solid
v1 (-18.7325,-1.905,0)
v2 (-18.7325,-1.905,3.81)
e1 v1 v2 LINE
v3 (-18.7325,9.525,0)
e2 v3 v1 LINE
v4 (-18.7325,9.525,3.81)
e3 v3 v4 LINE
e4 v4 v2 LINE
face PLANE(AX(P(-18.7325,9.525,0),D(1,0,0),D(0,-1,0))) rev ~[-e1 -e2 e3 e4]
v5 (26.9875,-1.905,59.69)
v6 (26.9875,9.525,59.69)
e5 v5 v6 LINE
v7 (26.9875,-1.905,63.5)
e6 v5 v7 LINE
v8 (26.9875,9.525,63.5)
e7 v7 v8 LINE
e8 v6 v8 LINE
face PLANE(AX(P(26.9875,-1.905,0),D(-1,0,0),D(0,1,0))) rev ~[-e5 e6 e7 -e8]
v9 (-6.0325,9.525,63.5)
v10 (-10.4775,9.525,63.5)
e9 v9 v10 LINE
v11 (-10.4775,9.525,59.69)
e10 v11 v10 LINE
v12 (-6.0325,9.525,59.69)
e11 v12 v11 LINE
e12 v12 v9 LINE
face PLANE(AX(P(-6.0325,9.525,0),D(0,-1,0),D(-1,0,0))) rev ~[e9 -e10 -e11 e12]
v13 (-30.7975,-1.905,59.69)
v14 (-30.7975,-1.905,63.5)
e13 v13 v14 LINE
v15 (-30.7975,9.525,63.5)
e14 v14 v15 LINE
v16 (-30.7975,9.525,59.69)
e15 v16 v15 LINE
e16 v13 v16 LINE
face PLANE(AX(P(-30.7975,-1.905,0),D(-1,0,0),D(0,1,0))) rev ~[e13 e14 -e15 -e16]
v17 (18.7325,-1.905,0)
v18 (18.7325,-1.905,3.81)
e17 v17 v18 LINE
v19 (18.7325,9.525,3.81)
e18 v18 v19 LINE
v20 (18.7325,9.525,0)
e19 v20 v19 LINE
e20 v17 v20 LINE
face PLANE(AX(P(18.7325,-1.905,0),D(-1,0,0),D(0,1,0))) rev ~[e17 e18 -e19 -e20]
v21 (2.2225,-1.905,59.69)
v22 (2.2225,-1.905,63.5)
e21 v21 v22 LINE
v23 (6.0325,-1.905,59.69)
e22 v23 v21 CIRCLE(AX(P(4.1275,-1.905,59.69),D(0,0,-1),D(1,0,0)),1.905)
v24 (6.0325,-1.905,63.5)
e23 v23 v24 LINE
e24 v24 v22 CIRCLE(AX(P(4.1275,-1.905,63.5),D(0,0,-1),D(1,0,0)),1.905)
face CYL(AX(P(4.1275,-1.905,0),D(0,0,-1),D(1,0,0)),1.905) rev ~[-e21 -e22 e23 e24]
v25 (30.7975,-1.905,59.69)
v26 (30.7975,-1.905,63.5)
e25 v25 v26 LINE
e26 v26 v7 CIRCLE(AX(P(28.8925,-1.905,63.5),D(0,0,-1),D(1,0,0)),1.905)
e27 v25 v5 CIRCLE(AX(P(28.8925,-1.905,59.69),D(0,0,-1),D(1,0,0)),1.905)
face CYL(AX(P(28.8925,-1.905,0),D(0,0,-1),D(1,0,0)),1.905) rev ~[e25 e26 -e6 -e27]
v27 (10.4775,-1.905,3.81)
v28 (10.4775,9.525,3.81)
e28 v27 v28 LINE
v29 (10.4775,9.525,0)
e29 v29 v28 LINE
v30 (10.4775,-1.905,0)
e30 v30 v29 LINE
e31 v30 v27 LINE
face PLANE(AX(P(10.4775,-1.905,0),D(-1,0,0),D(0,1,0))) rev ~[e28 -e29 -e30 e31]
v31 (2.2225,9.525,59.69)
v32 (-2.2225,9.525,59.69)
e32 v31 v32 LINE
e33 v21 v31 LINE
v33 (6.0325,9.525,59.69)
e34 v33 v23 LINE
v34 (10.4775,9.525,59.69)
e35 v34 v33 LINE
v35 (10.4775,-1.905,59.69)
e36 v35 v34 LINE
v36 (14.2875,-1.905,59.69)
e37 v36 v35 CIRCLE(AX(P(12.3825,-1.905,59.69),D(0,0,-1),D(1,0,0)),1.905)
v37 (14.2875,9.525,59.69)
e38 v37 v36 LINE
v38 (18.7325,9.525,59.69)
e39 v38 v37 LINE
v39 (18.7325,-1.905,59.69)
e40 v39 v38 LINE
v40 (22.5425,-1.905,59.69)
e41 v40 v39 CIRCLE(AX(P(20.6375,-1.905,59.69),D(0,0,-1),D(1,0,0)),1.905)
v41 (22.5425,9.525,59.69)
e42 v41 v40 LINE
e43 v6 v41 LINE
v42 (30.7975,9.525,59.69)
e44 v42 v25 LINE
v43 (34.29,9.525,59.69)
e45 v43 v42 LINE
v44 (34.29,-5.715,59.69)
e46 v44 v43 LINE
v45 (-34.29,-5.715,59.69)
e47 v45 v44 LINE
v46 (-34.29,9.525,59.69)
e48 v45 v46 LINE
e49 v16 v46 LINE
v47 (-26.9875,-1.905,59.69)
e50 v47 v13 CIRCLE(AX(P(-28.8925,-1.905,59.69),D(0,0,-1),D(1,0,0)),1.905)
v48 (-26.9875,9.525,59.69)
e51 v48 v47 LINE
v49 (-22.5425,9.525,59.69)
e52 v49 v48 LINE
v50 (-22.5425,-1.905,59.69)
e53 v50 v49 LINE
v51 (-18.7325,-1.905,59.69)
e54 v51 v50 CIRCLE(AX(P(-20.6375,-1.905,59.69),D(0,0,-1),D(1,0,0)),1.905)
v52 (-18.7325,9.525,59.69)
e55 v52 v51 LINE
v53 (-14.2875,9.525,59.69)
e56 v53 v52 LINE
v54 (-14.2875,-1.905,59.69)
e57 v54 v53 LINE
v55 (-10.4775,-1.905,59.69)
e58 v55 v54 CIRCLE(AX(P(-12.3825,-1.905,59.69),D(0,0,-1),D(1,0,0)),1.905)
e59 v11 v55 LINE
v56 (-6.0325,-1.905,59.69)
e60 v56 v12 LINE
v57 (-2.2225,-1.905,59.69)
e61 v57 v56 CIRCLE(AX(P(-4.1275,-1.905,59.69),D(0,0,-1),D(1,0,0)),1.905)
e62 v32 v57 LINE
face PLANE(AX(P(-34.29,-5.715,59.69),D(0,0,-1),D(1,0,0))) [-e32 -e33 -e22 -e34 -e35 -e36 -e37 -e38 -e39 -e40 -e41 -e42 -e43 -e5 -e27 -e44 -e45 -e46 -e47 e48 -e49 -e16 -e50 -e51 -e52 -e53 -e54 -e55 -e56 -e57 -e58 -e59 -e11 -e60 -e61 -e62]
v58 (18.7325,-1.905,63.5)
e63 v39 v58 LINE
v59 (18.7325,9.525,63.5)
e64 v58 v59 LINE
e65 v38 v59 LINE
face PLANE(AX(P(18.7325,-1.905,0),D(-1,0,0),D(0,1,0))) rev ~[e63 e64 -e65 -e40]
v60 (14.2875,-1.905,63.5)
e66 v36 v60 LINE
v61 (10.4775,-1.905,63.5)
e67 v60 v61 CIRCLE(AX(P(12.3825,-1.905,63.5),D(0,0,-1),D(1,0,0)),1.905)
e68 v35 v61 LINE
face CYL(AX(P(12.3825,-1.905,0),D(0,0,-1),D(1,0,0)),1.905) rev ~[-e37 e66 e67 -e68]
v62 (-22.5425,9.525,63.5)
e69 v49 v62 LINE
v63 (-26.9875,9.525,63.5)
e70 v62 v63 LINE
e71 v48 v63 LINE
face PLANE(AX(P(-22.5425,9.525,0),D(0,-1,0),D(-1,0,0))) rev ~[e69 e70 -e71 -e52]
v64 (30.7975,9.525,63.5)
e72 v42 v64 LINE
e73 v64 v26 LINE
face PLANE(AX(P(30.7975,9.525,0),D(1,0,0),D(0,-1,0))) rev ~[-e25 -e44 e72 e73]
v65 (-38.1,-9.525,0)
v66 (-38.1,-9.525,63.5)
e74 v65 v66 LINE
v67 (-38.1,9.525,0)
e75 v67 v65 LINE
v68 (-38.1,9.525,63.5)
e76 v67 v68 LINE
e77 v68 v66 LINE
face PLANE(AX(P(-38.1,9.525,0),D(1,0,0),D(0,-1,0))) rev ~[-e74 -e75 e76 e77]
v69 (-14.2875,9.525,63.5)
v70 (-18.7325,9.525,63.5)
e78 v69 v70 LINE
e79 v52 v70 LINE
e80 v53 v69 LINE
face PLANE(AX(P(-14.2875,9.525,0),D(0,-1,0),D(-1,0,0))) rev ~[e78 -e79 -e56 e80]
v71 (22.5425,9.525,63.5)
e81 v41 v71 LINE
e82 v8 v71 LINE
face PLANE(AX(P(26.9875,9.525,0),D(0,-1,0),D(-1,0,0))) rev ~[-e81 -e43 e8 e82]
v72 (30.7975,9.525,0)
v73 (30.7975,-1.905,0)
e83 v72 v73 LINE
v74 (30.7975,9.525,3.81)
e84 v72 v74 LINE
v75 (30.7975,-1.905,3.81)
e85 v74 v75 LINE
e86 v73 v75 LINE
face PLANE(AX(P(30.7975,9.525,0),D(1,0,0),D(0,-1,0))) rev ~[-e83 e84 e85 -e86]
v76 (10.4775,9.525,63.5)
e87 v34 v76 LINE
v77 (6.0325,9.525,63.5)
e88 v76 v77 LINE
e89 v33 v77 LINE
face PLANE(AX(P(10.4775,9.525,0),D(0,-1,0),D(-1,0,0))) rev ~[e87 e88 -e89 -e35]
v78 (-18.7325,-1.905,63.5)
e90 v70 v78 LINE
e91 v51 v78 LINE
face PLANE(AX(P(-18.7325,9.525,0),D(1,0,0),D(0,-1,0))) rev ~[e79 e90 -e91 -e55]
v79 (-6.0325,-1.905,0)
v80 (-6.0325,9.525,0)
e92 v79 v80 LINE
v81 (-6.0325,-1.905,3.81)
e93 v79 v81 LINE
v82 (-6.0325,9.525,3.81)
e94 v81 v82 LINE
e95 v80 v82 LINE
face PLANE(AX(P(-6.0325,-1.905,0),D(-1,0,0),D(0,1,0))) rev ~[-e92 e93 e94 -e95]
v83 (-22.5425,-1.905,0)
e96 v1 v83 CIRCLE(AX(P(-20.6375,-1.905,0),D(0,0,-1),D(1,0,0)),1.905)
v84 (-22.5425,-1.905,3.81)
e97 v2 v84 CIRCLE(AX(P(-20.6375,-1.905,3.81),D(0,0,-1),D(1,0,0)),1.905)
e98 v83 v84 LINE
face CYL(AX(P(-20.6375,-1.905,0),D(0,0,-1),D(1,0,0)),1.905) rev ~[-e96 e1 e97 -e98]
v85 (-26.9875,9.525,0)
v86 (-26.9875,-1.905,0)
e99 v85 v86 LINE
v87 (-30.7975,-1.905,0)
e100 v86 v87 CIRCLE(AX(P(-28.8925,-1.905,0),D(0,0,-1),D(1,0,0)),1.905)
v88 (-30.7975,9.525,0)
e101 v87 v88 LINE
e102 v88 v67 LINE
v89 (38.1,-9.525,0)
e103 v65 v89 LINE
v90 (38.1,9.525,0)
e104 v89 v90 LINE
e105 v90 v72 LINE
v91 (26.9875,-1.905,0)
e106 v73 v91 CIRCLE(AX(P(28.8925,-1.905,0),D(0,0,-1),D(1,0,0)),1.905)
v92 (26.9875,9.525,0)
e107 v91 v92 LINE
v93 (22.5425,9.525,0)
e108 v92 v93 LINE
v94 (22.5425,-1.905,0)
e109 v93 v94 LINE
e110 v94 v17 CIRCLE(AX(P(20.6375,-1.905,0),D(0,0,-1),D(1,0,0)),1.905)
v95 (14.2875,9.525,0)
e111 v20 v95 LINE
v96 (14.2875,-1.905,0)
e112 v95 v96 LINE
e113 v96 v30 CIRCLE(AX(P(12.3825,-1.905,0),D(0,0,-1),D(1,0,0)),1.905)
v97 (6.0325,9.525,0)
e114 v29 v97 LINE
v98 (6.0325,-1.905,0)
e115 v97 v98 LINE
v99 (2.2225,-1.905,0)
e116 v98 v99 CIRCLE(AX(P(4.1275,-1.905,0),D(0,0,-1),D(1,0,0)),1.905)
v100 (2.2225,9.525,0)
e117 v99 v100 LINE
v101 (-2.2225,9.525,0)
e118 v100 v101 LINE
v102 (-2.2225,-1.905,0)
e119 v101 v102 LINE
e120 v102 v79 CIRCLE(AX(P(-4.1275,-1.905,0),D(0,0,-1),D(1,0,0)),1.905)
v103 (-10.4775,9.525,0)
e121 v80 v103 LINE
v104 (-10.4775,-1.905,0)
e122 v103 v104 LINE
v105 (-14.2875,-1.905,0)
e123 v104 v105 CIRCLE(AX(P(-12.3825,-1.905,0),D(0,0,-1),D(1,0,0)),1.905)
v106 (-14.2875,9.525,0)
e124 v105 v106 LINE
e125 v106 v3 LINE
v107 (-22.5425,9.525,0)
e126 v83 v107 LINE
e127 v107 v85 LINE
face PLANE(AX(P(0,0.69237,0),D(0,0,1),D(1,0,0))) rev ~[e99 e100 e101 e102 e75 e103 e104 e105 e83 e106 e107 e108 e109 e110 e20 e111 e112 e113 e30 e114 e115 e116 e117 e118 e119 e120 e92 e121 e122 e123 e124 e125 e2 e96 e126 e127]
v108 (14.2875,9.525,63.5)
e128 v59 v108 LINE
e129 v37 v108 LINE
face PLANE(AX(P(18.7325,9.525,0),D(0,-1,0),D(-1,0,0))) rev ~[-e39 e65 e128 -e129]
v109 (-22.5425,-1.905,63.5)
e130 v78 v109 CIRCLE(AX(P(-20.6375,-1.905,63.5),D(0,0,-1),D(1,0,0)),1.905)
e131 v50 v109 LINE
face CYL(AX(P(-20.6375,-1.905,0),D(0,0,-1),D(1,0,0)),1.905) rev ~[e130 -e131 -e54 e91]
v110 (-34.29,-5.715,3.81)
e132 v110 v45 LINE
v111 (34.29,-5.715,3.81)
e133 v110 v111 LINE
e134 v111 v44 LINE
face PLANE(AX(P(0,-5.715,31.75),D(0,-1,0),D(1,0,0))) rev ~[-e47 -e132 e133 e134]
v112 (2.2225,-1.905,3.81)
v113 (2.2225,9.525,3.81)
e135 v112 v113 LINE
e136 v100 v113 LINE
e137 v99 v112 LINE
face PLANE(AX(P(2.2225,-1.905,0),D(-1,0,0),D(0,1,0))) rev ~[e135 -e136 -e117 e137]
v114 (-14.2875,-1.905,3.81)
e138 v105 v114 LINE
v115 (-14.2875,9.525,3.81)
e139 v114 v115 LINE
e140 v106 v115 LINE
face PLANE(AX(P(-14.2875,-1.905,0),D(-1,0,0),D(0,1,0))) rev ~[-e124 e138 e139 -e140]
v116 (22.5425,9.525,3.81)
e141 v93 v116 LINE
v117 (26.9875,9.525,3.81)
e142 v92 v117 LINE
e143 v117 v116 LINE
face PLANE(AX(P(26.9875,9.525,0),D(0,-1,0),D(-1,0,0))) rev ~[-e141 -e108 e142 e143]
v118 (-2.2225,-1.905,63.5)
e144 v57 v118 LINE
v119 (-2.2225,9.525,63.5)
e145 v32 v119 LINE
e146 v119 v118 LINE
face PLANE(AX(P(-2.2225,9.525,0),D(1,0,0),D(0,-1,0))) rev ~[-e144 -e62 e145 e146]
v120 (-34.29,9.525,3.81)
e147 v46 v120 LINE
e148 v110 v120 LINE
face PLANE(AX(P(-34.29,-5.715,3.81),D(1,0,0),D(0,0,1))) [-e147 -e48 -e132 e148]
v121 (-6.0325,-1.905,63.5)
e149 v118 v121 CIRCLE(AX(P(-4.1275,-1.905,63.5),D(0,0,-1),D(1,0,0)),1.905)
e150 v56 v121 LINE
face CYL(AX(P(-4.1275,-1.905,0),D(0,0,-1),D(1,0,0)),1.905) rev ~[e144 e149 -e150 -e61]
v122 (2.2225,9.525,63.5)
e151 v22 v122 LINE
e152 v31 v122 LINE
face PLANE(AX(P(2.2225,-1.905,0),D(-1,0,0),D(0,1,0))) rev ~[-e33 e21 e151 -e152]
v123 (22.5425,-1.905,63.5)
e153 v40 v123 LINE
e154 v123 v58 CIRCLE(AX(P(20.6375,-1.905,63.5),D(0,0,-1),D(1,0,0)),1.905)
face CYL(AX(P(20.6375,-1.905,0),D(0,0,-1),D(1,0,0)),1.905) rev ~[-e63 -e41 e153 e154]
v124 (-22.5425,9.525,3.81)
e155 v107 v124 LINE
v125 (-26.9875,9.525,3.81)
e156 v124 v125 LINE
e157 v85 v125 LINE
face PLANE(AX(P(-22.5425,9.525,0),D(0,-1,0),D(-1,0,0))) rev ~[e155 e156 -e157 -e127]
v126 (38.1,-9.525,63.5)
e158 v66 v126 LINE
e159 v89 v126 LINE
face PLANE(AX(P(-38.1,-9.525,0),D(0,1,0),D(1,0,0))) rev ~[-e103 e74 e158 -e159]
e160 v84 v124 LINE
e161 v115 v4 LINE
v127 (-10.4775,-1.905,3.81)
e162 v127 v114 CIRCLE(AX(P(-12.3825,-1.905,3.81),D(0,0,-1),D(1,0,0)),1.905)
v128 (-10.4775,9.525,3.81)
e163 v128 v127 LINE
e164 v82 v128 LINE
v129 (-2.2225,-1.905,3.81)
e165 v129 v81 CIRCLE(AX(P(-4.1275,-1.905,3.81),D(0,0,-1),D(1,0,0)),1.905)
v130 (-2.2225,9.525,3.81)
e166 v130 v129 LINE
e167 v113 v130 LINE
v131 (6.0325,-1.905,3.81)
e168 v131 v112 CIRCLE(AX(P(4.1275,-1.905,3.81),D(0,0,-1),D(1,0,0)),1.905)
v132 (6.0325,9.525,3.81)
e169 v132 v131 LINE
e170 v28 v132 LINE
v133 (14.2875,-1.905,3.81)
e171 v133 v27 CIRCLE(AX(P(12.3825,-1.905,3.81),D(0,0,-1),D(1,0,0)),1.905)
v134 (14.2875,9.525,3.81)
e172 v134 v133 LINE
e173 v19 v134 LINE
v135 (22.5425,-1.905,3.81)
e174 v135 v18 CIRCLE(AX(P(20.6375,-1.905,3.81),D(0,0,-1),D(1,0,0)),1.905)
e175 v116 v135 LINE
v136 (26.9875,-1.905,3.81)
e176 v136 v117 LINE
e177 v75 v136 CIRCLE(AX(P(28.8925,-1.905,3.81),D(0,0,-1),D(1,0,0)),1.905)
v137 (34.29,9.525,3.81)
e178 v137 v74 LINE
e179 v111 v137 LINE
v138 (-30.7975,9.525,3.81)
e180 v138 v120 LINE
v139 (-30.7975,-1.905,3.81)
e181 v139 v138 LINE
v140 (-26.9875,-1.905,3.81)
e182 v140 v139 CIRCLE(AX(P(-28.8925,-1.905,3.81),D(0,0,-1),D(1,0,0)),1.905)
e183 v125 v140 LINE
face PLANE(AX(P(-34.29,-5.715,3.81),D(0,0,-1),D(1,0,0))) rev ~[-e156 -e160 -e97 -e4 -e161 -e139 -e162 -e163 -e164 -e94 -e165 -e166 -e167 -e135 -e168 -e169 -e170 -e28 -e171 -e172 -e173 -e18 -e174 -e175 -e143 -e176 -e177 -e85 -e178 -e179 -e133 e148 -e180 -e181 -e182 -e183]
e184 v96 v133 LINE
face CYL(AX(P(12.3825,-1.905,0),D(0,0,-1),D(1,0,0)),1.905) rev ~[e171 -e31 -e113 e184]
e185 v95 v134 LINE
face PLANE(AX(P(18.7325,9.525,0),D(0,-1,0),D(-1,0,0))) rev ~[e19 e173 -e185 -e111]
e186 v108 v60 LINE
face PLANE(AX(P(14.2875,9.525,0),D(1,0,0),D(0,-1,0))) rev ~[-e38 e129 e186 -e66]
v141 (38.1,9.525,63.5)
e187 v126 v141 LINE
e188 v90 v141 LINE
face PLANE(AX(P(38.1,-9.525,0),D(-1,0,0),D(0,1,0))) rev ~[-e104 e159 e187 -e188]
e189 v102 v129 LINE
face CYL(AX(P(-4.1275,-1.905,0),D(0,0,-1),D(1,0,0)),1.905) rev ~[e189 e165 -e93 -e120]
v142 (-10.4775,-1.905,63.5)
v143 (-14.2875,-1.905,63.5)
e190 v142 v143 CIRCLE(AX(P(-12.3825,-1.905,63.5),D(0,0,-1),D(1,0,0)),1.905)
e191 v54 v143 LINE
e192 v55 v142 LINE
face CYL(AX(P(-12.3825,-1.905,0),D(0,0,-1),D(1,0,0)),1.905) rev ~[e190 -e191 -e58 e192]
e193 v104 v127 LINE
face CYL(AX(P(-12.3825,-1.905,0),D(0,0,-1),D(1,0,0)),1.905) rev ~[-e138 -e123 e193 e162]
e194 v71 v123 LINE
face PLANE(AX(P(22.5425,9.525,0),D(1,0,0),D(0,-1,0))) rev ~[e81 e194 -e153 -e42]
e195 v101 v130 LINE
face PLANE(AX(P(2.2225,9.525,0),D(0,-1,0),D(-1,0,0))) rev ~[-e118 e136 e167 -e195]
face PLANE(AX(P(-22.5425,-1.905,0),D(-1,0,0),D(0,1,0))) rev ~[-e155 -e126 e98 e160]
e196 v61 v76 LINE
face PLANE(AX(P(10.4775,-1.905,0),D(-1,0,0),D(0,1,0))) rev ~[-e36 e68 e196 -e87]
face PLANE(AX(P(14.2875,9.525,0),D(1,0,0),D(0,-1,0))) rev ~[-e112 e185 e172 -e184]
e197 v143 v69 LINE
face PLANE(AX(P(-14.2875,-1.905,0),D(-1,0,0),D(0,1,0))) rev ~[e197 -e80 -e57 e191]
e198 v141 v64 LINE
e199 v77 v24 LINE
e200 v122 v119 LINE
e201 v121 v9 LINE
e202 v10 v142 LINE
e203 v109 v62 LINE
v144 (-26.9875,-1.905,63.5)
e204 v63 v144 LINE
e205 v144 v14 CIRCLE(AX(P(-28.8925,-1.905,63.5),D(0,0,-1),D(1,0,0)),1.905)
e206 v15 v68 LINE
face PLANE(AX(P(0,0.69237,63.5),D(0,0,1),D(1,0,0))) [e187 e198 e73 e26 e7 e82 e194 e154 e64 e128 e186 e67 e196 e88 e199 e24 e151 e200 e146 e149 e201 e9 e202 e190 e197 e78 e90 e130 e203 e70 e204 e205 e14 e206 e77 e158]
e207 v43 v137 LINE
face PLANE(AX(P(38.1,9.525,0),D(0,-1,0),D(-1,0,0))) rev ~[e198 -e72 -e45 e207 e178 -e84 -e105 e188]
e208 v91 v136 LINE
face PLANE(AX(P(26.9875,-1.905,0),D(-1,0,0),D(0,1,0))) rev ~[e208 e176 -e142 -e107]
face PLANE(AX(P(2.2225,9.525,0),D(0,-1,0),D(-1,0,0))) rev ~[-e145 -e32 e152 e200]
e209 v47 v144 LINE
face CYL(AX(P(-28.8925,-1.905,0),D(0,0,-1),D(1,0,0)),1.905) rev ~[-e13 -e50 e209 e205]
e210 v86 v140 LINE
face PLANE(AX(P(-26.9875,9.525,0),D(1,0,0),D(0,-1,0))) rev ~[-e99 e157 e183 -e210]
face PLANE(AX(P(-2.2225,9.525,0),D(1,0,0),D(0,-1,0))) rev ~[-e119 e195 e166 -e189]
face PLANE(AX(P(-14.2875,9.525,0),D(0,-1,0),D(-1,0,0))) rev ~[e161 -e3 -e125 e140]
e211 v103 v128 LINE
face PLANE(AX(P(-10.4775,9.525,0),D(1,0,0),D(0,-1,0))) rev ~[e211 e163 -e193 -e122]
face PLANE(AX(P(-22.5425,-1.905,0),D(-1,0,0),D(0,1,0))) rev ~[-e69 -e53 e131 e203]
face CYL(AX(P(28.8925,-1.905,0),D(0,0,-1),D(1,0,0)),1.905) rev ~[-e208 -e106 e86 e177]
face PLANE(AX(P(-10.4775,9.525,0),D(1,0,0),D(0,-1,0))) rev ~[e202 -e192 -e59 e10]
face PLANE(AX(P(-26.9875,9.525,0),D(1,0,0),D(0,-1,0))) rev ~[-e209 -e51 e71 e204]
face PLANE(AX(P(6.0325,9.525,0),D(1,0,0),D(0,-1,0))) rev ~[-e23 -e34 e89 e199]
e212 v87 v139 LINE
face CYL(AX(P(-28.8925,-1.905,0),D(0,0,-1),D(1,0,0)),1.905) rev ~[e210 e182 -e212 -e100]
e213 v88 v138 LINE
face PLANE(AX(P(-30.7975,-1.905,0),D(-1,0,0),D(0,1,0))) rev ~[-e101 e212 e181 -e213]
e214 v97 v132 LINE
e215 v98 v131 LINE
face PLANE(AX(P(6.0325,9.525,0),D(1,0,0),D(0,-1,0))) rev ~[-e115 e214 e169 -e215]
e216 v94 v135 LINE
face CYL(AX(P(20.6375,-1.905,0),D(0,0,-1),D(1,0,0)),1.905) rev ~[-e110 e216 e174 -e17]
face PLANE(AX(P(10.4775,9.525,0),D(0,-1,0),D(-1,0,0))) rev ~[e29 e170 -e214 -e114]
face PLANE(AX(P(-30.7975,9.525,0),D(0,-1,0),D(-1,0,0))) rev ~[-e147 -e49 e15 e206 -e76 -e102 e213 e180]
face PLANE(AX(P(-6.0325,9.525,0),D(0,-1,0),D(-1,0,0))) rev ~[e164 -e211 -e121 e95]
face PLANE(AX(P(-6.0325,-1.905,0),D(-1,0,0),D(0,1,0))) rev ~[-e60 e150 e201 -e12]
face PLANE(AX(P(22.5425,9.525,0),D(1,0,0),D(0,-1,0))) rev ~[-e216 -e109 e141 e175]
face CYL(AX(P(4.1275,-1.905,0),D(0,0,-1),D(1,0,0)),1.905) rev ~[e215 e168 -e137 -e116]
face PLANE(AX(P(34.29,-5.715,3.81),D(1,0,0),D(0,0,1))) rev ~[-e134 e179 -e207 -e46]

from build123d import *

# Parameters (mm, degrees)
BOSS_EXTRUDE1_DEPTH = 63.5
CUT_EXTRUDE2_REACH  = 82.274
CUT_EXTRUDE2_START  = -3.81
SKETCH2_W           = 68.58
SKETCH2_H           = 55.88


with BuildPart() as part:
    # Sketch1 → Boss-Extrude1 (new body)
    with BuildSketch(Plane.XY):
        with BuildLine():
            Line((-38.1, 9.525), (-38.1, -9.525))
            Line((-38.1, -9.525), (38.1, -9.525))
            Line((38.1, -9.525), (38.1, 9.525))
            Line((38.1, 9.525), (30.7975, 9.525))
            Line((30.7975, 9.525), (30.7975, -1.905))
            ThreePointArc((30.7975, -1.905), (28.8925, -3.81), (26.9875, -1.905))
            Line((26.9875, -1.905), (26.9875, 9.525))
            Line((26.9875, 9.525), (22.5425, 9.525))
            Line((22.5425, 9.525), (22.5425, -1.905))
            ThreePointArc((22.5425, -1.905), (20.6375, -3.81), (18.7325, -1.905))
            Line((18.7325, -1.905), (18.7325, 9.525))
            Line((18.7325, 9.525), (14.2875, 9.525))
            Line((14.2875, 9.525), (14.2875, -1.905))
            ThreePointArc((14.2875, -1.905), (12.3825, -3.81), (10.4775, -1.905))
            Line((10.4775, -1.905), (10.4775, 9.525))
            Line((10.4775, 9.525), (6.0325, 9.525))
            Line((6.0325, 9.525), (6.0325, -1.905))
            ThreePointArc((6.0325, -1.905), (4.1275, -3.81), (2.2225, -1.905))
            Line((2.2225, -1.905), (2.2225, 9.525))
            Line((2.2225, 9.525), (-2.2225, 9.525))
            Line((-2.2225, 9.525), (-2.2225, -1.905))
            ThreePointArc((-2.2225, -1.905), (-4.1275, -3.81), (-6.0325, -1.905))
            Line((-6.0325, -1.905), (-6.0325, 9.525))
            Line((-6.0325, 9.525), (-10.4775, 9.525))
            Line((-10.4775, 9.525), (-10.4775, -1.905))
            ThreePointArc((-10.4775, -1.905), (-12.3825, -3.81), (-14.2875, -1.905))
            Line((-14.2875, -1.905), (-14.2875, 9.525))
            Line((-14.2875, 9.525), (-18.7325, 9.525))
            Line((-18.7325, 9.525), (-18.7325, -1.905))
            ThreePointArc((-18.7325, -1.905), (-20.6375, -3.81), (-22.5425, -1.905))
            Line((-22.5425, -1.905), (-22.5425, 9.525))
            Line((-22.5425, 9.525), (-26.9875, 9.525))
            Line((-26.9875, 9.525), (-26.9875, -1.905))
            ThreePointArc((-26.9875, -1.905), (-28.8925, -3.81), (-30.7975, -1.905))
            Line((-30.7975, -1.905), (-30.7975, 9.525))
            Line((-30.7975, 9.525), (-38.1, 9.525))
        make_face()
    extrude(amount=BOSS_EXTRUDE1_DEPTH)

    # Sketch2 → Cut-Extrude2 (cut, up to next)
    with BuildSketch(Plane.XZ.offset(9.525).offset(CUT_EXTRUDE2_START), mode=Mode.PRIVATE) as cut_extrude2_sk1:
        with Locations((0, 31.75)):
            Rectangle(SKETCH2_W, SKETCH2_H)
    cut_extrude2_tool1 = extrude(cut_extrude2_sk1.sketch, amount=-CUT_EXTRUDE2_REACH, mode=Mode.PRIVATE) & part.part
    add(cut_extrude2_tool1.solids().sort_by_distance((0, -5.715, 31.75))[0], mode=Mode.SUBTRACT)


solid = part.part
